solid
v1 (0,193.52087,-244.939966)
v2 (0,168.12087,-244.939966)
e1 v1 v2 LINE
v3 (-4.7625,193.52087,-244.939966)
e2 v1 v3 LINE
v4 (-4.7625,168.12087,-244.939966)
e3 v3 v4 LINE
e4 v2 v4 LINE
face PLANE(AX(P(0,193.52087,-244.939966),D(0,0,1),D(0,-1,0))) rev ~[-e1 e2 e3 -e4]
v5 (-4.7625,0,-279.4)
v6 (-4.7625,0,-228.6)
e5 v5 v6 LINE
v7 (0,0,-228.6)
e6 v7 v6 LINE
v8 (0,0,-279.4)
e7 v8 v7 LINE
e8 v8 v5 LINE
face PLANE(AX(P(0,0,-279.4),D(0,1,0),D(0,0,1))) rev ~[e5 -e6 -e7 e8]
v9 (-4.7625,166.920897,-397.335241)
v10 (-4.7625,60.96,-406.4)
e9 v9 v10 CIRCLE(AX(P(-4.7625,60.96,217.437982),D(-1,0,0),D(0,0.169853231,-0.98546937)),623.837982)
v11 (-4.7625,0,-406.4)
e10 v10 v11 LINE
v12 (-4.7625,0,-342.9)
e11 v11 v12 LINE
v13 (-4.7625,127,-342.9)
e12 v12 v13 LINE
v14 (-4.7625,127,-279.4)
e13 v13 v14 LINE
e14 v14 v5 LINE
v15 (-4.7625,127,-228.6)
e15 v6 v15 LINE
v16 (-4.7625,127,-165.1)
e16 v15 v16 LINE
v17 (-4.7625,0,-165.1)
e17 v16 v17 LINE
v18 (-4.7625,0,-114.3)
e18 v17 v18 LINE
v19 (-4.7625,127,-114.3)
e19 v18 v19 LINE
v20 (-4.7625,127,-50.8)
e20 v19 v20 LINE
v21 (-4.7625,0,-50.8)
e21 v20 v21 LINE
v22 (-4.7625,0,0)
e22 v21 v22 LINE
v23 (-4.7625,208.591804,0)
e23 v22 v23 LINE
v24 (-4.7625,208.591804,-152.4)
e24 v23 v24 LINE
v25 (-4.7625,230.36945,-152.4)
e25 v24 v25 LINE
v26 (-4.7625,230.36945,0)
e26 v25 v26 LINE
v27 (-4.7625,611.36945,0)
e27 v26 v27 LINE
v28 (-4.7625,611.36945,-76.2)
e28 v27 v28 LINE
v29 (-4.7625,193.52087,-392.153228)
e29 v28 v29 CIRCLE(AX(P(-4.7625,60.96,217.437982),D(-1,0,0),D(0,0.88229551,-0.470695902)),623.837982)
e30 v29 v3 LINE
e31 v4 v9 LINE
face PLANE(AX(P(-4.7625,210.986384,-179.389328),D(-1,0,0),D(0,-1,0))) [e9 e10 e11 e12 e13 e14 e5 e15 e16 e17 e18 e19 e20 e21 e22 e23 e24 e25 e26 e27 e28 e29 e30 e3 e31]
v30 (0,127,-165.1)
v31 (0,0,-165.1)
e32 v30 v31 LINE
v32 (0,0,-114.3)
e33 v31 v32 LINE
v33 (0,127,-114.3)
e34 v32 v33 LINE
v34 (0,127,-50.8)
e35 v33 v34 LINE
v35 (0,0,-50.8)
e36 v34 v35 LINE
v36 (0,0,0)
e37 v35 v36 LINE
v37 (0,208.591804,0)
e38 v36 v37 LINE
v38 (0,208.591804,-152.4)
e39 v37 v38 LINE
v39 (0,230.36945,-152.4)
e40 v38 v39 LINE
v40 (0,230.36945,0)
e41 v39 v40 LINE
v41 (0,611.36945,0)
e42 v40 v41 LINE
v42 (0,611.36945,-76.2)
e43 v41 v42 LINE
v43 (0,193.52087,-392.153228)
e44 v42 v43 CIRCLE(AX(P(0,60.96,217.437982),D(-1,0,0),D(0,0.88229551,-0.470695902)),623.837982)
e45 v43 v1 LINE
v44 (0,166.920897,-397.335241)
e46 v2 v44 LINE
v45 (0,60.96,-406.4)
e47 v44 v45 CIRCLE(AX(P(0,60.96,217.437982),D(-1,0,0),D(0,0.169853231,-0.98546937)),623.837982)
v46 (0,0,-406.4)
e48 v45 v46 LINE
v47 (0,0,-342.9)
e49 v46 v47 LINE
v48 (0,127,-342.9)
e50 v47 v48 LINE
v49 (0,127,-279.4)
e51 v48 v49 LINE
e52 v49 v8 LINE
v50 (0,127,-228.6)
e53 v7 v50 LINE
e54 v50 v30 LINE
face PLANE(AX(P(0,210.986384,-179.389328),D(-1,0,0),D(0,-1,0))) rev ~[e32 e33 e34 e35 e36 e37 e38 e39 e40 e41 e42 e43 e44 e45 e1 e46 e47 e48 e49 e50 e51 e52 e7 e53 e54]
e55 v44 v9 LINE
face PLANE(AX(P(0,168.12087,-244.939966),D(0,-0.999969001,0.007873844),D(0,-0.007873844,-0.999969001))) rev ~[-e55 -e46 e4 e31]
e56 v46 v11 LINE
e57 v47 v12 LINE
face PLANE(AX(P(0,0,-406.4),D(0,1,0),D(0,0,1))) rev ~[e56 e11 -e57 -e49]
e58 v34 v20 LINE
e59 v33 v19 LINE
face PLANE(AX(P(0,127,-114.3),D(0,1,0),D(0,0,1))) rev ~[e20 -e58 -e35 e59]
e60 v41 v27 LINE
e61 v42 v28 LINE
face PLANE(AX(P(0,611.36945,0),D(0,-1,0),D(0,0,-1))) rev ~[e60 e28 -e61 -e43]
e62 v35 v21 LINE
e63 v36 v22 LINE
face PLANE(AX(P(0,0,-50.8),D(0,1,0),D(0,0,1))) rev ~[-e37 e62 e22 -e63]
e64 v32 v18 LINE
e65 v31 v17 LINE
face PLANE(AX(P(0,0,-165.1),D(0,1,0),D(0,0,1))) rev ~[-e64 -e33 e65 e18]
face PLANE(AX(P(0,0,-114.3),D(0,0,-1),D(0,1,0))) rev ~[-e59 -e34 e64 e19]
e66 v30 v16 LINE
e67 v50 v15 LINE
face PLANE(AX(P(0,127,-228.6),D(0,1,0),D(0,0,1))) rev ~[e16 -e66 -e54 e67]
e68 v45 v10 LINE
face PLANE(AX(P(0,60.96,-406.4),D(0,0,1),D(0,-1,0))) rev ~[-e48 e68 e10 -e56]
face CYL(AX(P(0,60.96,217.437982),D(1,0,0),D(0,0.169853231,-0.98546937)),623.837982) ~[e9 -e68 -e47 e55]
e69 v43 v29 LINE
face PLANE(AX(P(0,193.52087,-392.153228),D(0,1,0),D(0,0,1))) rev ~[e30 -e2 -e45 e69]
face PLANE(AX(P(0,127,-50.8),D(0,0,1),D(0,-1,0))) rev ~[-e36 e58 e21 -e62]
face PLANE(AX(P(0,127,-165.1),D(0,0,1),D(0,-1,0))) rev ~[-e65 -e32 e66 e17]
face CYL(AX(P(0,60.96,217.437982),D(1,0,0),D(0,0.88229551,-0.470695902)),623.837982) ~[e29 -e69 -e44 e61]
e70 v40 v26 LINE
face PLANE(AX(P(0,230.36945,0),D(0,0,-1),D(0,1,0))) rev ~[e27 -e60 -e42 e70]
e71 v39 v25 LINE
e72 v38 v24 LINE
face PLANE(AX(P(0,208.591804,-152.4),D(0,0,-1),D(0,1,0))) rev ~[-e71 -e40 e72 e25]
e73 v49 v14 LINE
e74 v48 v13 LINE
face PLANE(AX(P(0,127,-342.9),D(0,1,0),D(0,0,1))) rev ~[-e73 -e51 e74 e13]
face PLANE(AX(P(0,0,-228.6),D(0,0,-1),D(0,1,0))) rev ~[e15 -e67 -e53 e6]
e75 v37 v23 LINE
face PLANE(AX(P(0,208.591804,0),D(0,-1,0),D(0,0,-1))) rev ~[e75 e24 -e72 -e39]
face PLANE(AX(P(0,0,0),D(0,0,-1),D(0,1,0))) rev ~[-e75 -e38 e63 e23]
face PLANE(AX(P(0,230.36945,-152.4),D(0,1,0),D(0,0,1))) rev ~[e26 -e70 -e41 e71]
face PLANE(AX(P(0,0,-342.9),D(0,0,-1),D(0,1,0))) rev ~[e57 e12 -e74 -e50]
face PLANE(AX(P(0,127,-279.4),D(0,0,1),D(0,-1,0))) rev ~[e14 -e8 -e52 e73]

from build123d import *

# Parameters (mm, degrees)
F1_DEPTH = 4.7625
F2_ANGLE = 270


with BuildPart() as f1:
    # F0 (on Front) → F1 (new body)
    with BuildSketch(Plane.XZ):
        with BuildLine():
            Line((-230.3694504243, 0), (-611.3694504243, 0))
            Line((-611.3694504243, 0), (-611.3694504243, -76.2))
            ThreePointArc((-611.3694504243, -76.2), (-437.216196434, -280.1613571834), (-193.5208703627, -392.1532280958))
            Line((-193.5208703627, -392.1532280958), (-193.5208703627, -244.9399656624))
            Line((-193.5208703627, -244.9399656624), (-168.1208703627, -244.9399656624))
            Line((-168.1208703627, -244.9399656624), (-166.920896507, -397.3352413856))
            ThreePointArc((-166.920896507, -397.3352413856), (-114.1339631712, -404.1296791803), (-60.96, -406.4))
            Line((-60.96, -406.4), (0, -406.4))
            Line((0, -406.4), (0, -342.9))
            Line((0, -342.9), (-127, -342.9))
            Line((-127, -342.9), (-127, -279.4))
            Line((-127, -279.4), (0, -279.4))
            Line((0, -279.4), (0, -228.6))
            Line((0, -228.6), (-127, -228.6))
            Line((-127, -228.6), (-127, -165.1))
            Line((-127, -165.1), (0, -165.1))
            Line((0, -165.1), (0, -114.3))
            Line((0, -114.3), (-127, -114.3))
            Line((-127, -114.3), (-127, -50.8))
            Line((-127, -50.8), (0, -50.8))
            Line((0, -50.8), (0, 0))
            Line((0, 0), (-208.5918039083, 0))
            Line((-208.5918039083, 0), (-208.5918039083, -152.4))
            Line((-208.5918039083, -152.4), (-230.3694504243, -152.4))
            Line((-230.3694504243, -152.4), (-230.3694504243, 0))
        make_face()
    extrude(amount=F1_DEPTH)


with BuildPart() as f1_1:
    # F2: moved
    add(f1.part.rotate(Axis((0, 0, -139.7), (0, 0, 1)), F2_ANGLE))


solid = f1_1.part
